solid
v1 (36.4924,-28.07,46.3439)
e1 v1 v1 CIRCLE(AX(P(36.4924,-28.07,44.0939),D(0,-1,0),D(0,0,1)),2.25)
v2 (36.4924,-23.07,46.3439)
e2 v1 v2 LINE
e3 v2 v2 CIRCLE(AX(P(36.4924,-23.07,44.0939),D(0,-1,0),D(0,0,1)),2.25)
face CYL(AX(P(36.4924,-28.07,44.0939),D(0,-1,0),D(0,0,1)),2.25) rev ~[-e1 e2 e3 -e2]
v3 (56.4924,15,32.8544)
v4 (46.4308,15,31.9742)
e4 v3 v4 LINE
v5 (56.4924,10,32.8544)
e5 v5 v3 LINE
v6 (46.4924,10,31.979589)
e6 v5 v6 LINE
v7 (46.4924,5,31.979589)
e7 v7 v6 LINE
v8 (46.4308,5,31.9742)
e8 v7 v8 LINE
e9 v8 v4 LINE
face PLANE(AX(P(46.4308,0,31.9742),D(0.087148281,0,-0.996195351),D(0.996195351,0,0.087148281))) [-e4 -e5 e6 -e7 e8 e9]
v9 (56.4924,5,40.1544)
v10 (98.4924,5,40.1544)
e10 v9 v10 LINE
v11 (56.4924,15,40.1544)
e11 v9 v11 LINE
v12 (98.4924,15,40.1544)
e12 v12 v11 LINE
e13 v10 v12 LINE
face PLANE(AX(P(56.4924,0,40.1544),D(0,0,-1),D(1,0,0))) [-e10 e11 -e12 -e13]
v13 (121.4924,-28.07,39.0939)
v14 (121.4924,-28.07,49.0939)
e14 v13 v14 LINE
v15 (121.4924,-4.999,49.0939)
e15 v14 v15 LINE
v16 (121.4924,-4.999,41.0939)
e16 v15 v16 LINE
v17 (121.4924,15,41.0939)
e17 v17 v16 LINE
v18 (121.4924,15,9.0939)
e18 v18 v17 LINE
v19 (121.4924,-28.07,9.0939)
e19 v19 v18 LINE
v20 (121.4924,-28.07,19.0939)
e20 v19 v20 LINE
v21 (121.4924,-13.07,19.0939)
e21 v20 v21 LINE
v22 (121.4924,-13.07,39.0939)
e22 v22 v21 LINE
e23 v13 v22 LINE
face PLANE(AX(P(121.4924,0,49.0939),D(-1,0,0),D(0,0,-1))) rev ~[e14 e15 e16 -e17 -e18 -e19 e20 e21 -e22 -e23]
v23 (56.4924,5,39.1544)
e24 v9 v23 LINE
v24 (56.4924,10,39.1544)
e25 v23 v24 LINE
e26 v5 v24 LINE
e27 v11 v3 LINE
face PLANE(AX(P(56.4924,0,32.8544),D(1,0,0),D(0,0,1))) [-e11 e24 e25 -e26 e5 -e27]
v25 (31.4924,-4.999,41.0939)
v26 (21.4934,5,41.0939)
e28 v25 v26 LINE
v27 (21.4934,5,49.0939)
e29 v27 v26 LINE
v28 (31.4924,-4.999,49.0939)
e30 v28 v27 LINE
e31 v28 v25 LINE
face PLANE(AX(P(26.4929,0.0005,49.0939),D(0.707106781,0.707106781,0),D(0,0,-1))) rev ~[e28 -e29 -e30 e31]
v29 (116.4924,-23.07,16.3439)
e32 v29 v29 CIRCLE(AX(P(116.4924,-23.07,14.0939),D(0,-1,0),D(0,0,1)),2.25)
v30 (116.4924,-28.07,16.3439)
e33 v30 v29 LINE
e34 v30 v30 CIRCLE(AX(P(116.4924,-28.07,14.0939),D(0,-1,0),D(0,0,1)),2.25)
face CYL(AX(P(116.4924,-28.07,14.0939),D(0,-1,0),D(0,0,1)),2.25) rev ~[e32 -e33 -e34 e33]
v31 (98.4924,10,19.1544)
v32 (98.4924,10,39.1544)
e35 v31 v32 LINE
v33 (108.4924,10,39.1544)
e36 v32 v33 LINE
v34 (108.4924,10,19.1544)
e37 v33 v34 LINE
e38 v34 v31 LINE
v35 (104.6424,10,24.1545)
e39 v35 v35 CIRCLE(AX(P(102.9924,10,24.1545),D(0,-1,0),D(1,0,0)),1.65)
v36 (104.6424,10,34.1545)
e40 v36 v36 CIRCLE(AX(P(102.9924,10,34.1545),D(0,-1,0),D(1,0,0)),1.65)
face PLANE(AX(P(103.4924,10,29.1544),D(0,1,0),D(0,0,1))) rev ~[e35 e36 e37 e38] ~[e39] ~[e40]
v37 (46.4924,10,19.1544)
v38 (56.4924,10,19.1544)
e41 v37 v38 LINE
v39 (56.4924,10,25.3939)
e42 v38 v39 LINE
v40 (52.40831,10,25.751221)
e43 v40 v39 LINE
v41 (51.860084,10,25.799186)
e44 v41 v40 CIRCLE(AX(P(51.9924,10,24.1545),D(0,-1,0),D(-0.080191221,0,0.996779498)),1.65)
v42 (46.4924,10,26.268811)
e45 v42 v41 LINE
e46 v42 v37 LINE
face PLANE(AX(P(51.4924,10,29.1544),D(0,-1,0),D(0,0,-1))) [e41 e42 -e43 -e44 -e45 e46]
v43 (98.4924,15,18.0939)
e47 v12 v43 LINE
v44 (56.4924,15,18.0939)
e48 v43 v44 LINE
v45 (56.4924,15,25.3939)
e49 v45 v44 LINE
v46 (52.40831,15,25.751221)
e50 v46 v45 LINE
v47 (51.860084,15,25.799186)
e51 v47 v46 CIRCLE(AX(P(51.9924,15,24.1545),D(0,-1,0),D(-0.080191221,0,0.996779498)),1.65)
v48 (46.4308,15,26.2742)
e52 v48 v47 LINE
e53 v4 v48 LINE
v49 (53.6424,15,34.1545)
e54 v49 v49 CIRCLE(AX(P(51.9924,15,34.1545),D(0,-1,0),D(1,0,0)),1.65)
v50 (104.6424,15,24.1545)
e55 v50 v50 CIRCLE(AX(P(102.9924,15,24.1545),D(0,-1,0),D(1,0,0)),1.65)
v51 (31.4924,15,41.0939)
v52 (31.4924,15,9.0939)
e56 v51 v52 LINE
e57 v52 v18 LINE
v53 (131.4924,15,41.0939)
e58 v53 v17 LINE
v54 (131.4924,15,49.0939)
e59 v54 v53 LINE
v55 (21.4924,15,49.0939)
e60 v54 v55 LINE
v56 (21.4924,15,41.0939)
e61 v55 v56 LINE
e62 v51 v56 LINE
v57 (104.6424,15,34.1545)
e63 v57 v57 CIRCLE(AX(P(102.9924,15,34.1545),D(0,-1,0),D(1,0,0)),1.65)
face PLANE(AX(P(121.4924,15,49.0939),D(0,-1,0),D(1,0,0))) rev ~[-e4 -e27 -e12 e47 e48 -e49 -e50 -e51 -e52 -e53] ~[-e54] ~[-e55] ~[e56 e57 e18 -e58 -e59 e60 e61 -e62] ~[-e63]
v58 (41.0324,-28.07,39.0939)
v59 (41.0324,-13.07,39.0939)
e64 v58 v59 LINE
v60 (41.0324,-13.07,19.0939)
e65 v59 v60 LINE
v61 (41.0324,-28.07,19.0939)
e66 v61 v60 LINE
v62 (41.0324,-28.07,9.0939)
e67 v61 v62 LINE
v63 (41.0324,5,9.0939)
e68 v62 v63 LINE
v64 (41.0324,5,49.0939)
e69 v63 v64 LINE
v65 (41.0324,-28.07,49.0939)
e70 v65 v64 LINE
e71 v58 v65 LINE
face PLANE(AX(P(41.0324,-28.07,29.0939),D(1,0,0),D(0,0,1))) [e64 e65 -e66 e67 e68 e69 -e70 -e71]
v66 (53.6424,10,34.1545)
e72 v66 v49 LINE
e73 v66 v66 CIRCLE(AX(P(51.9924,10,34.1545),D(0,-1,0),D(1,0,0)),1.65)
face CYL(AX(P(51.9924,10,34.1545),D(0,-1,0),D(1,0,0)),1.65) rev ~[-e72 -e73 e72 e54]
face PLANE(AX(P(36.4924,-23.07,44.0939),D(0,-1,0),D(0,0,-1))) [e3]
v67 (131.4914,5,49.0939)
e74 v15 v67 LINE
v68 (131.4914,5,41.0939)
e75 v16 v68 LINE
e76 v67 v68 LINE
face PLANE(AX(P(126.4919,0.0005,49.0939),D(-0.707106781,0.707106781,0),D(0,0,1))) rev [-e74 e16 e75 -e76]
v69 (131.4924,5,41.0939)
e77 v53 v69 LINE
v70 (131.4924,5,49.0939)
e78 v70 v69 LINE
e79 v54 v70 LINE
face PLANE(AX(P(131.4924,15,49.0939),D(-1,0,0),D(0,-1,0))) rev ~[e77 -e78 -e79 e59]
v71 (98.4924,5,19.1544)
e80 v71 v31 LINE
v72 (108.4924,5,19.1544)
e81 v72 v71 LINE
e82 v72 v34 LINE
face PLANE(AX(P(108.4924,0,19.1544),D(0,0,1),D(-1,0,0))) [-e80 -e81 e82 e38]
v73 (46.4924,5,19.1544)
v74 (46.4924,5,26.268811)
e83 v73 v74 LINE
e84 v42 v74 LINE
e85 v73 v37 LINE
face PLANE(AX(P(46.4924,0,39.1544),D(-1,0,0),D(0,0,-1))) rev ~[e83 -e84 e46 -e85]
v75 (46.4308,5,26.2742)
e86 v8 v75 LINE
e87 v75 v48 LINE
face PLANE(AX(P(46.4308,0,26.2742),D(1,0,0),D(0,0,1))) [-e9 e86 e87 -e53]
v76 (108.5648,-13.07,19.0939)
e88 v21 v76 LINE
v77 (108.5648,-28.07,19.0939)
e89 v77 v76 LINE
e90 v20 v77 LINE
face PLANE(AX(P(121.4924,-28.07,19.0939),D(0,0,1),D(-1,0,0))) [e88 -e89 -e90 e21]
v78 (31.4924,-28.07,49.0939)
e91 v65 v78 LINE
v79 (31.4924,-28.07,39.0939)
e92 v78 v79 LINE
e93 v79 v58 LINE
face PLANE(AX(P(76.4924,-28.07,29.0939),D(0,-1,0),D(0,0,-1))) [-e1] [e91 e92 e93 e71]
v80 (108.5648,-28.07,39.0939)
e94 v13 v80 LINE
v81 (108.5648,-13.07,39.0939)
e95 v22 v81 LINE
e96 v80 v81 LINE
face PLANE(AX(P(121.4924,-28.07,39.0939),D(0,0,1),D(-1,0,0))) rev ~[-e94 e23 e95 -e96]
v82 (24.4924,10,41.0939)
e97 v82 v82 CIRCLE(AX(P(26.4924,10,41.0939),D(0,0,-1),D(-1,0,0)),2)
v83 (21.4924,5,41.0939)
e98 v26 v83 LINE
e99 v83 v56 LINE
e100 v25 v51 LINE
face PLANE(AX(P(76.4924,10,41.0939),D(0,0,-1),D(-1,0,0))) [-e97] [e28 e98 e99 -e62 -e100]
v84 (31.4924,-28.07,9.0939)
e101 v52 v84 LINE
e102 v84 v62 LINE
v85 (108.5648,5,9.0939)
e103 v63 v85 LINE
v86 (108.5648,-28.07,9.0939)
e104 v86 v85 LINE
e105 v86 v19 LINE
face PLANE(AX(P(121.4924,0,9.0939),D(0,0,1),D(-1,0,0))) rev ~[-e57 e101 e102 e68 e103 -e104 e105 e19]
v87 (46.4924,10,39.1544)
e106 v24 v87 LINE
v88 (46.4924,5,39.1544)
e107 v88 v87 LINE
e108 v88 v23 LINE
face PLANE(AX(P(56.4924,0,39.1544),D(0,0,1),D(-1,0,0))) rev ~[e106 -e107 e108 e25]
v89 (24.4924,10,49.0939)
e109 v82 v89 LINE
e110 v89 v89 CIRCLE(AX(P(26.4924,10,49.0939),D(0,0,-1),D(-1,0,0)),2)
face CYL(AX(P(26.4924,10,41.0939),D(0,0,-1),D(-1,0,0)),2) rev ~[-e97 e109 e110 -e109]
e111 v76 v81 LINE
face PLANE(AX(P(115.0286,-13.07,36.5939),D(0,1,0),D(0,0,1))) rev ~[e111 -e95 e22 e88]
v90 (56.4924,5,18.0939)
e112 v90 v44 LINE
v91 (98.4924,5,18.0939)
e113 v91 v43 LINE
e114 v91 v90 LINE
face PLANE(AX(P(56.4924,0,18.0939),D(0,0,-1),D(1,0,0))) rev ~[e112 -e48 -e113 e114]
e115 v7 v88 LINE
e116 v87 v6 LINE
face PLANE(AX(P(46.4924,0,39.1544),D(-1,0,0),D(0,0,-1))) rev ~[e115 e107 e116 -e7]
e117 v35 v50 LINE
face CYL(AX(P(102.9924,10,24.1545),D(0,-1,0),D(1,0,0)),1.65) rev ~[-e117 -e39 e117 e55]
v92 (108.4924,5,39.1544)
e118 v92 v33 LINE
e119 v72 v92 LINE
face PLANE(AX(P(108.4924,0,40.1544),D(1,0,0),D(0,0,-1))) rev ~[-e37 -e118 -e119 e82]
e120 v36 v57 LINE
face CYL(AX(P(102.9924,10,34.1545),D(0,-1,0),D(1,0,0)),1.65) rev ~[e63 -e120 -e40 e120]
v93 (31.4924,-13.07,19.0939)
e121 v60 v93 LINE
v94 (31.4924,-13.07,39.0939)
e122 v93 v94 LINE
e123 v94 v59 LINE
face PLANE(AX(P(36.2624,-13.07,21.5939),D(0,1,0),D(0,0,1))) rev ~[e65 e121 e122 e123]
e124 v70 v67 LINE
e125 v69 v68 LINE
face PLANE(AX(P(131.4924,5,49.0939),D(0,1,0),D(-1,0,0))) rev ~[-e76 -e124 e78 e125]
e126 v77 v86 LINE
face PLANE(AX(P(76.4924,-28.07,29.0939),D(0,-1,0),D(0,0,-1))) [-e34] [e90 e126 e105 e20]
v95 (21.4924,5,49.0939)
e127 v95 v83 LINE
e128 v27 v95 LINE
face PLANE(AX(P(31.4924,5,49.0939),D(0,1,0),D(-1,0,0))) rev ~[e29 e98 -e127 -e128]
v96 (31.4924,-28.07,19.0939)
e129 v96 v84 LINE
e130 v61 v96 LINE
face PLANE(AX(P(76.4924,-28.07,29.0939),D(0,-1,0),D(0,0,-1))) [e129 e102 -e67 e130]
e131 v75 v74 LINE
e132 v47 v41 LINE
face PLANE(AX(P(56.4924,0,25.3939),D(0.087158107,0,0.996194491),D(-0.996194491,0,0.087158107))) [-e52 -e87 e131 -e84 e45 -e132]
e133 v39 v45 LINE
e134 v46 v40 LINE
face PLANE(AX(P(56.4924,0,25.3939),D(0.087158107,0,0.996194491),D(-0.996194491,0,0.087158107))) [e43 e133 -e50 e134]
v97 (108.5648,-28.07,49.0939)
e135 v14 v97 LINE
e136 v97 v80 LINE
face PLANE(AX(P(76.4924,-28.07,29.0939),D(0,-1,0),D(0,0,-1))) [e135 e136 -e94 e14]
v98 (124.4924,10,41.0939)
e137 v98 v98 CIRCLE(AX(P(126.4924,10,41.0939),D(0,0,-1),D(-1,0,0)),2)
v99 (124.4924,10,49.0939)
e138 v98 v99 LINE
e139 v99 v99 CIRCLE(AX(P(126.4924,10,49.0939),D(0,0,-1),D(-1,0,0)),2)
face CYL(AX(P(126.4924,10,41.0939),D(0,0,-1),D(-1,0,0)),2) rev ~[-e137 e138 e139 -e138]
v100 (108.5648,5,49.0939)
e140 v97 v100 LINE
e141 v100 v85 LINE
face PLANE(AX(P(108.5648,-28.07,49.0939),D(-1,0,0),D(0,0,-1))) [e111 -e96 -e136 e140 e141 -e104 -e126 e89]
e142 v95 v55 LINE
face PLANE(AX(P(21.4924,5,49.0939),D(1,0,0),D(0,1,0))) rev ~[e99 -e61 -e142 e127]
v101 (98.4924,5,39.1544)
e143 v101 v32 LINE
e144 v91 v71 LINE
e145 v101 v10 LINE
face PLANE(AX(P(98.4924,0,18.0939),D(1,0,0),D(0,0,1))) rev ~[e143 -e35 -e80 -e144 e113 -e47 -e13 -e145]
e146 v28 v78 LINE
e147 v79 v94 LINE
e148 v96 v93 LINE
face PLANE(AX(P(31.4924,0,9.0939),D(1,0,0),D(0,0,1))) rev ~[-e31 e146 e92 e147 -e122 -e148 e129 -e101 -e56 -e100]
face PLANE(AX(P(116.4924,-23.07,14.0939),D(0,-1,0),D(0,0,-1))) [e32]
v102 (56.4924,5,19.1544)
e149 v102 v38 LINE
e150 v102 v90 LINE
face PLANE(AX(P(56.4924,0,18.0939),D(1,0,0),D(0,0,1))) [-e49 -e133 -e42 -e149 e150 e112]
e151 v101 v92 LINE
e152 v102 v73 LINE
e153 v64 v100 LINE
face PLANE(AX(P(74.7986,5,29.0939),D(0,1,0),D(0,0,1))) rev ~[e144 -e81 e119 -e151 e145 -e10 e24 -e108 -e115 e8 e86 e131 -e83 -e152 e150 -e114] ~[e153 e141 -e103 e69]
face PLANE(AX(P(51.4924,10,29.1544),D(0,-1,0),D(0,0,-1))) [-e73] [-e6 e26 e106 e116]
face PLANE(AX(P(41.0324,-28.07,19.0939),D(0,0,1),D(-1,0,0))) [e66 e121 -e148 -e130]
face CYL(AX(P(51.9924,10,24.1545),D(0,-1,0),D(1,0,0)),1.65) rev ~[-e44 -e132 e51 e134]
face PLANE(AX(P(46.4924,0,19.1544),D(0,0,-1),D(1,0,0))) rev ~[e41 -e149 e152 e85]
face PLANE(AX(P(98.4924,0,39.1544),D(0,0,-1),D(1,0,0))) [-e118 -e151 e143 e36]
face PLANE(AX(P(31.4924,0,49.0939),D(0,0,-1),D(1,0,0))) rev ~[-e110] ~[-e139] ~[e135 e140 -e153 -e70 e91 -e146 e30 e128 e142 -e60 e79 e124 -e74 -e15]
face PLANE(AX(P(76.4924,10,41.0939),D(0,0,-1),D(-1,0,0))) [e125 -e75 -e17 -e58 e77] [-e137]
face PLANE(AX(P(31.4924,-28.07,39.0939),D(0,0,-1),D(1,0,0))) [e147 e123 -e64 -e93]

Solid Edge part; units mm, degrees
sketch "Sketch1" plane through (0, 0, 0) normal (0, -1, 0) x (1, 0, 0)
  line L0 (31.4924, 49.0939) -> (121.4924, 49.0939)
  line L1 (121.4924, 49.0939) -> (121.4924, 9.0939)
  line L2 (121.4924, 9.0939) -> (31.4924, 9.0939)
  line L3 (31.4924, 9.0939) -> (31.4924, 49.0939)
  dimension "D1" = 90
  dimension "D2" = 40
extrude "Protrusion1" add sketch "Sketch1" against normal blind 40
sketch "Sketch2" plane through (64.4924, 0, 22.0939) normal (0, -1, 0) x (1, 0, 0)
  line L0 (-18.0616, 9.8803) -> (-8, 10.7605)
  line L1 (-8, 10.7605) -> (-8, 18.0605)
  line L2 (-8, 18.0605) -> (34, 18.0605)
  line L3 (34, -4) -> (34, 18.0605)
  line L4 (-8, -4) -> (34, -4)
  line L5 (-8, -4) -> (-8, 3.3)
  line L6 (-8, 3.3) -> (-18.0616, 4.1803)
  line L7 (-18.0616, 4.1803) -> (-18.0616, 9.8803)
extrude "ExtrudedCutout_4" cut sketch "Sketch2" against normal blind 37
sketch "Sketch3" plane through (31.4924, 20, 22.0939) normal (-1, 0, 0) x (0, -1, 0)
  line L0 (-17, 2) -> (-17, 12)
  line L1 (-17, 12) -> (-10, 12)
  line L2 (-10, 12) -> (-10, 2)
  line L3 (-10, 2) -> (-17, 2)
  dimension "D1" = 10
  dimension "D2" = 7
  dimension "D3" = 10
  dimension "D4" = 3
  dimension "D5" = 15
extrude "Cutout1" cut sketch "Sketch3" against normal up to next
sketch "Sketch4" plane through (64.4924, 0, 22.0939) normal (0, -1, 0) x (1, 0, 0)
  line L0 (-8, 17.0605) -> (-18, 17.0605)
  line L1 (-18, 17.0605) -> (-18, -2.9395)
  line L2 (-18, -2.9395) -> (-8, -2.9395)
  line L3 (-8, -2.9395) -> (-8, 17.0605)
  line L4 (34, 17.0605) -> (44, 17.0605)
  line L5 (44, 17.0605) -> (44, -2.9395)
  line L6 (44, -2.9395) -> (34, -2.9395)
  line L7 (34, -2.9395) -> (34, 17.0605)
  dimension "D1" = 1
  dimension "D2" = 20
  dimension "D3" = 1
  dimension "D4" = 10
  dimension "D5" = 20
  dimension "D6" = 10
extrude "ExtrudedCutout_6" cut sketch "Sketch4" against normal blind 10
sketch "Sketch5" plane through (91.2324, 10, 21.645) normal (0, -1, 0) x (1, 0, 0)
  circle A0 centre (11.76, 12.5095) radius 1.65
  circle A1 centre (-39.24, 12.5095) radius 1.65
  circle A2 centre (-39.24, 2.5095) radius 1.65
  circle A3 centre (11.76, 2.5095) radius 1.65
  dimension "D1" = 4.5
  dimension "D2" = 3.3
  dimension "D3" = 4.5
  dimension "D4" = 10
  dimension "D5" = 5
  dimension "D6" = 10
  dimension "D7" = 5
extrude "Cutout2" cut sketch "Sketch5" against normal through all
sketch "Sketch6" plane through (68.9924, 0, 22.0939) normal (0, -1, 0) x (1, 0, 0)
  line L0 (-37.5, 27) -> (-37.5, -13)
  line L1 (-37.5, -13) -> (52.5, -13)
  line L2 (52.5, -13) -> (52.5, 27)
  line L3 (52.5, 27) -> (-37.5, 27)
  line L4 (-22.5616, 13.0605) -> (-22.5616, 18.0605)
  line L5 (-22.5616, 18.0605) -> (39.5, 18.0605)
  line L6 (39.5, 18.0605) -> (39.5, -4)
  line L7 (39.5, -4) -> (-22.5616, -4)
  line L8 (-22.5616, 13.0605) -> (-22.5616, -4)
extrude "ExtrudedProtrusion_4" add sketch "Sketch6" along normal blind 28.07
sketch "Sketch7" plane through (68.9924, -28.07, 22.0939) normal (0, -1, 0) x (1, 0, 0)
  circle A0 centre (-4.46, 7) radius 23.5
  dimension "D1" = 33.04
  dimension "D2" = 47
extrude "ExtrudedCutout_9" cut sketch "Sketch7" against normal blind 33.07
sketch "Sketch8" plane through (41.8429, -28.07, 29.0939) normal (0, -1, 0) x (0, 0, 1)
  line L0 (0, 10.3505) -> (5, 10.3505)
  line L1 (5, 10.3505) -> (5, -79.6495)
  line L2 (5, -79.6495) -> (0, -79.6495)
  line L3 (0, -79.6495) -> (-5, -79.6495)
  line L4 (-5, -79.6495) -> (-5, 10.3505)
  line L5 (-5, 10.3505) -> (0, 10.3505)
  dimension "D1" = 5
  dimension "D2" = 5
extrude "Cutout3" cut sketch "Sketch8" against normal blind 15
sketch "Sketch9" plane through (41.8429, -28.07, 41.5939) normal (0, -1, 0) x (0, 0, 1)
  circle A0 centre (2.5, 5.3505) radius 2.25
  circle A1 centre (-27.5, -74.6495) radius 2.25
  dimension "D1" = 5
  dimension "D2" = 5
  dimension "D3" = 4.5
  dimension "D4" = 5
  dimension "D5" = 5
extrude "ExtrudedCutout_13" cut sketch "Sketch9" against normal blind 5
sketch "Sketch10" plane through (76.4924, 5.965, 49.0939) normal (0, 0, 1) x (-1, 0, 0)
  line L0 (-0.379, 0.965) -> (24.299, 0.965)
  line L1 (24.299, 0.965) -> (45, 0.965)
  line L2 (45, 0.965) -> (55, 0.965)
  line L3 (55, 0.965) -> (55, -9.035)
  line L4 (55, -9.035) -> (45, -9.035)
  line L5 (45, -9.035) -> (-45, -9.035)
  line L6 (-45, -9.035) -> (-55, -9.035)
  line L7 (-55, -9.035) -> (-55, 0.965)
  line L8 (-55, 0.965) -> (-45, 0.965)
  line L9 (-45, 0.965) -> (-0.379, 0.965)
  dimension "D1" = 10
  dimension "D2" = 10
  dimension "D3" = 10
  dimension "D4" = 10
extrude "ExtrudedProtrusion_9" add sketch "Sketch10" against normal blind 8
sketch "Sketch11" plane through (26.4924, 10, 41.0939) normal (0, 0, -1) x (-1, 0, 0)
  circle A0 centre (0, 0) radius 2
  circle A1 centre (-100, 0) radius 2
  dimension "D1" = 4
  dimension "D2" = 5
  dimension "D3" = 5
  dimension "D4" = 4
  dimension "D5" = 5
  dimension "D6" = 5
extrude "Cutout4" cut sketch "Sketch11" against normal through all
chamfer "Chamfer_1" distance 10 angle 45 1 edges at (31.4924, 15, 45.0939)
chamfer "Chamfer_2" distance 10 angle 45 1 edges at (31.4924, 5, 45.0939)
chamfer "Chamfer_3" distance 10 angle 45 1 edges at (121.4924, 15, 45.0939)
chamfer "Chamfer_4" distance 10 angle 45 1 edges at (121.4924, 5, 45.0939)
sketch "Sketch12" plane through (76.4924, 5.965, 49.0939) normal (0, 0, 1) x (1, 0, 0)
  line L0 (-55, 9.035) -> (55, 9.035)
  line L1 (55, 9.035) -> (45, 34.035)
  line L2 (45, 34.035) -> (-45, 34.035)
  line L3 (-45, 34.035) -> (-55, 9.035)
extrude "Cutout5" cut sketch "Sketch12" against normal through all
sketch "Sketch13" plane through (99.1819, -28.07, 41.5939) normal (0, -1, 0) x (1, 0, 0)
  line L0 (-58.1495, -12.5) -> (-58.1495, 7.5)
  line L1 (-58.1495, 7.5) -> (0, 7.5)
  line L2 (0, 7.5) -> (9.3829, 7.5)
  line L3 (9.3829, 7.5) -> (9.3829, -32.5)
  line L4 (-58.1495, -32.5) -> (9.3829, -32.5)
  line L5 (-58.1495, -12.5) -> (-58.1495, -32.5)
extrude "Cutout6" cut sketch "Sketch13" against normal up to vertex (33.07 mm away)
sketch "Sketch14" plane through (36.2624, -28.07, 41.5939) normal (0, -1, 0) x (0, 0, -1)
  line L0 (2.5, -4.77) -> (2.5, 4.77)
  line L1 (2.5, 4.77) -> (7.5, 4.77)
  line L2 (7.5, 4.77) -> (7.5, -4.77)
  line L3 (7.5, -4.77) -> (2.5, -4.77)
extrude "Cutout7" cut sketch "Sketch14" against normal up to vertex (15 mm away)
sketch "Sketch15" plane through (36.2624, -28.07, 41.5939) normal (0, -1, 0) x (0, 0, -1)
  line L0 (22.5, 4.77) -> (22.5, -4.77)
  line L1 (22.5, -4.77) -> (17.5, -4.77)
  line L2 (17.5, -4.77) -> (17.5, 4.77)
  line L3 (17.5, 4.77) -> (22.5, 4.77)
extrude "Cutout8" cut sketch "Sketch15" against normal up to vertex (15 mm away)
sketch "Sketch16" plane through (36.2624, -28.07, 41.5939) normal (0, -1, 0) x (0, 0, -1)
  line L0 (2.5, 85.23) -> (7.5, 85.23)
  line L1 (7.5, 85.23) -> (7.5, 72.3024)
  line L2 (2.5, 72.3024) -> (7.5, 72.3024)
  line L3 (2.5, 85.23) -> (2.5, 72.3024)
extrude "Cutout9" cut sketch "Sketch16" against normal up to vertex (15 mm away)
sketch "Sketch17" plane through (36.2624, -28.07, 41.5939) normal (0, -1, 0) x (0, 0, -1)
  line L0 (22.5, 85.23) -> (22.5, 72.3024)
  line L1 (22.5, 72.3024) -> (17.5, 72.3024)
  line L2 (17.5, 72.3024) -> (17.5, 85.23)
  line L3 (17.5, 85.23) -> (22.5, 85.23)
extrude "Cutout10" cut sketch "Sketch17" against normal up to vertex (15 mm away)
